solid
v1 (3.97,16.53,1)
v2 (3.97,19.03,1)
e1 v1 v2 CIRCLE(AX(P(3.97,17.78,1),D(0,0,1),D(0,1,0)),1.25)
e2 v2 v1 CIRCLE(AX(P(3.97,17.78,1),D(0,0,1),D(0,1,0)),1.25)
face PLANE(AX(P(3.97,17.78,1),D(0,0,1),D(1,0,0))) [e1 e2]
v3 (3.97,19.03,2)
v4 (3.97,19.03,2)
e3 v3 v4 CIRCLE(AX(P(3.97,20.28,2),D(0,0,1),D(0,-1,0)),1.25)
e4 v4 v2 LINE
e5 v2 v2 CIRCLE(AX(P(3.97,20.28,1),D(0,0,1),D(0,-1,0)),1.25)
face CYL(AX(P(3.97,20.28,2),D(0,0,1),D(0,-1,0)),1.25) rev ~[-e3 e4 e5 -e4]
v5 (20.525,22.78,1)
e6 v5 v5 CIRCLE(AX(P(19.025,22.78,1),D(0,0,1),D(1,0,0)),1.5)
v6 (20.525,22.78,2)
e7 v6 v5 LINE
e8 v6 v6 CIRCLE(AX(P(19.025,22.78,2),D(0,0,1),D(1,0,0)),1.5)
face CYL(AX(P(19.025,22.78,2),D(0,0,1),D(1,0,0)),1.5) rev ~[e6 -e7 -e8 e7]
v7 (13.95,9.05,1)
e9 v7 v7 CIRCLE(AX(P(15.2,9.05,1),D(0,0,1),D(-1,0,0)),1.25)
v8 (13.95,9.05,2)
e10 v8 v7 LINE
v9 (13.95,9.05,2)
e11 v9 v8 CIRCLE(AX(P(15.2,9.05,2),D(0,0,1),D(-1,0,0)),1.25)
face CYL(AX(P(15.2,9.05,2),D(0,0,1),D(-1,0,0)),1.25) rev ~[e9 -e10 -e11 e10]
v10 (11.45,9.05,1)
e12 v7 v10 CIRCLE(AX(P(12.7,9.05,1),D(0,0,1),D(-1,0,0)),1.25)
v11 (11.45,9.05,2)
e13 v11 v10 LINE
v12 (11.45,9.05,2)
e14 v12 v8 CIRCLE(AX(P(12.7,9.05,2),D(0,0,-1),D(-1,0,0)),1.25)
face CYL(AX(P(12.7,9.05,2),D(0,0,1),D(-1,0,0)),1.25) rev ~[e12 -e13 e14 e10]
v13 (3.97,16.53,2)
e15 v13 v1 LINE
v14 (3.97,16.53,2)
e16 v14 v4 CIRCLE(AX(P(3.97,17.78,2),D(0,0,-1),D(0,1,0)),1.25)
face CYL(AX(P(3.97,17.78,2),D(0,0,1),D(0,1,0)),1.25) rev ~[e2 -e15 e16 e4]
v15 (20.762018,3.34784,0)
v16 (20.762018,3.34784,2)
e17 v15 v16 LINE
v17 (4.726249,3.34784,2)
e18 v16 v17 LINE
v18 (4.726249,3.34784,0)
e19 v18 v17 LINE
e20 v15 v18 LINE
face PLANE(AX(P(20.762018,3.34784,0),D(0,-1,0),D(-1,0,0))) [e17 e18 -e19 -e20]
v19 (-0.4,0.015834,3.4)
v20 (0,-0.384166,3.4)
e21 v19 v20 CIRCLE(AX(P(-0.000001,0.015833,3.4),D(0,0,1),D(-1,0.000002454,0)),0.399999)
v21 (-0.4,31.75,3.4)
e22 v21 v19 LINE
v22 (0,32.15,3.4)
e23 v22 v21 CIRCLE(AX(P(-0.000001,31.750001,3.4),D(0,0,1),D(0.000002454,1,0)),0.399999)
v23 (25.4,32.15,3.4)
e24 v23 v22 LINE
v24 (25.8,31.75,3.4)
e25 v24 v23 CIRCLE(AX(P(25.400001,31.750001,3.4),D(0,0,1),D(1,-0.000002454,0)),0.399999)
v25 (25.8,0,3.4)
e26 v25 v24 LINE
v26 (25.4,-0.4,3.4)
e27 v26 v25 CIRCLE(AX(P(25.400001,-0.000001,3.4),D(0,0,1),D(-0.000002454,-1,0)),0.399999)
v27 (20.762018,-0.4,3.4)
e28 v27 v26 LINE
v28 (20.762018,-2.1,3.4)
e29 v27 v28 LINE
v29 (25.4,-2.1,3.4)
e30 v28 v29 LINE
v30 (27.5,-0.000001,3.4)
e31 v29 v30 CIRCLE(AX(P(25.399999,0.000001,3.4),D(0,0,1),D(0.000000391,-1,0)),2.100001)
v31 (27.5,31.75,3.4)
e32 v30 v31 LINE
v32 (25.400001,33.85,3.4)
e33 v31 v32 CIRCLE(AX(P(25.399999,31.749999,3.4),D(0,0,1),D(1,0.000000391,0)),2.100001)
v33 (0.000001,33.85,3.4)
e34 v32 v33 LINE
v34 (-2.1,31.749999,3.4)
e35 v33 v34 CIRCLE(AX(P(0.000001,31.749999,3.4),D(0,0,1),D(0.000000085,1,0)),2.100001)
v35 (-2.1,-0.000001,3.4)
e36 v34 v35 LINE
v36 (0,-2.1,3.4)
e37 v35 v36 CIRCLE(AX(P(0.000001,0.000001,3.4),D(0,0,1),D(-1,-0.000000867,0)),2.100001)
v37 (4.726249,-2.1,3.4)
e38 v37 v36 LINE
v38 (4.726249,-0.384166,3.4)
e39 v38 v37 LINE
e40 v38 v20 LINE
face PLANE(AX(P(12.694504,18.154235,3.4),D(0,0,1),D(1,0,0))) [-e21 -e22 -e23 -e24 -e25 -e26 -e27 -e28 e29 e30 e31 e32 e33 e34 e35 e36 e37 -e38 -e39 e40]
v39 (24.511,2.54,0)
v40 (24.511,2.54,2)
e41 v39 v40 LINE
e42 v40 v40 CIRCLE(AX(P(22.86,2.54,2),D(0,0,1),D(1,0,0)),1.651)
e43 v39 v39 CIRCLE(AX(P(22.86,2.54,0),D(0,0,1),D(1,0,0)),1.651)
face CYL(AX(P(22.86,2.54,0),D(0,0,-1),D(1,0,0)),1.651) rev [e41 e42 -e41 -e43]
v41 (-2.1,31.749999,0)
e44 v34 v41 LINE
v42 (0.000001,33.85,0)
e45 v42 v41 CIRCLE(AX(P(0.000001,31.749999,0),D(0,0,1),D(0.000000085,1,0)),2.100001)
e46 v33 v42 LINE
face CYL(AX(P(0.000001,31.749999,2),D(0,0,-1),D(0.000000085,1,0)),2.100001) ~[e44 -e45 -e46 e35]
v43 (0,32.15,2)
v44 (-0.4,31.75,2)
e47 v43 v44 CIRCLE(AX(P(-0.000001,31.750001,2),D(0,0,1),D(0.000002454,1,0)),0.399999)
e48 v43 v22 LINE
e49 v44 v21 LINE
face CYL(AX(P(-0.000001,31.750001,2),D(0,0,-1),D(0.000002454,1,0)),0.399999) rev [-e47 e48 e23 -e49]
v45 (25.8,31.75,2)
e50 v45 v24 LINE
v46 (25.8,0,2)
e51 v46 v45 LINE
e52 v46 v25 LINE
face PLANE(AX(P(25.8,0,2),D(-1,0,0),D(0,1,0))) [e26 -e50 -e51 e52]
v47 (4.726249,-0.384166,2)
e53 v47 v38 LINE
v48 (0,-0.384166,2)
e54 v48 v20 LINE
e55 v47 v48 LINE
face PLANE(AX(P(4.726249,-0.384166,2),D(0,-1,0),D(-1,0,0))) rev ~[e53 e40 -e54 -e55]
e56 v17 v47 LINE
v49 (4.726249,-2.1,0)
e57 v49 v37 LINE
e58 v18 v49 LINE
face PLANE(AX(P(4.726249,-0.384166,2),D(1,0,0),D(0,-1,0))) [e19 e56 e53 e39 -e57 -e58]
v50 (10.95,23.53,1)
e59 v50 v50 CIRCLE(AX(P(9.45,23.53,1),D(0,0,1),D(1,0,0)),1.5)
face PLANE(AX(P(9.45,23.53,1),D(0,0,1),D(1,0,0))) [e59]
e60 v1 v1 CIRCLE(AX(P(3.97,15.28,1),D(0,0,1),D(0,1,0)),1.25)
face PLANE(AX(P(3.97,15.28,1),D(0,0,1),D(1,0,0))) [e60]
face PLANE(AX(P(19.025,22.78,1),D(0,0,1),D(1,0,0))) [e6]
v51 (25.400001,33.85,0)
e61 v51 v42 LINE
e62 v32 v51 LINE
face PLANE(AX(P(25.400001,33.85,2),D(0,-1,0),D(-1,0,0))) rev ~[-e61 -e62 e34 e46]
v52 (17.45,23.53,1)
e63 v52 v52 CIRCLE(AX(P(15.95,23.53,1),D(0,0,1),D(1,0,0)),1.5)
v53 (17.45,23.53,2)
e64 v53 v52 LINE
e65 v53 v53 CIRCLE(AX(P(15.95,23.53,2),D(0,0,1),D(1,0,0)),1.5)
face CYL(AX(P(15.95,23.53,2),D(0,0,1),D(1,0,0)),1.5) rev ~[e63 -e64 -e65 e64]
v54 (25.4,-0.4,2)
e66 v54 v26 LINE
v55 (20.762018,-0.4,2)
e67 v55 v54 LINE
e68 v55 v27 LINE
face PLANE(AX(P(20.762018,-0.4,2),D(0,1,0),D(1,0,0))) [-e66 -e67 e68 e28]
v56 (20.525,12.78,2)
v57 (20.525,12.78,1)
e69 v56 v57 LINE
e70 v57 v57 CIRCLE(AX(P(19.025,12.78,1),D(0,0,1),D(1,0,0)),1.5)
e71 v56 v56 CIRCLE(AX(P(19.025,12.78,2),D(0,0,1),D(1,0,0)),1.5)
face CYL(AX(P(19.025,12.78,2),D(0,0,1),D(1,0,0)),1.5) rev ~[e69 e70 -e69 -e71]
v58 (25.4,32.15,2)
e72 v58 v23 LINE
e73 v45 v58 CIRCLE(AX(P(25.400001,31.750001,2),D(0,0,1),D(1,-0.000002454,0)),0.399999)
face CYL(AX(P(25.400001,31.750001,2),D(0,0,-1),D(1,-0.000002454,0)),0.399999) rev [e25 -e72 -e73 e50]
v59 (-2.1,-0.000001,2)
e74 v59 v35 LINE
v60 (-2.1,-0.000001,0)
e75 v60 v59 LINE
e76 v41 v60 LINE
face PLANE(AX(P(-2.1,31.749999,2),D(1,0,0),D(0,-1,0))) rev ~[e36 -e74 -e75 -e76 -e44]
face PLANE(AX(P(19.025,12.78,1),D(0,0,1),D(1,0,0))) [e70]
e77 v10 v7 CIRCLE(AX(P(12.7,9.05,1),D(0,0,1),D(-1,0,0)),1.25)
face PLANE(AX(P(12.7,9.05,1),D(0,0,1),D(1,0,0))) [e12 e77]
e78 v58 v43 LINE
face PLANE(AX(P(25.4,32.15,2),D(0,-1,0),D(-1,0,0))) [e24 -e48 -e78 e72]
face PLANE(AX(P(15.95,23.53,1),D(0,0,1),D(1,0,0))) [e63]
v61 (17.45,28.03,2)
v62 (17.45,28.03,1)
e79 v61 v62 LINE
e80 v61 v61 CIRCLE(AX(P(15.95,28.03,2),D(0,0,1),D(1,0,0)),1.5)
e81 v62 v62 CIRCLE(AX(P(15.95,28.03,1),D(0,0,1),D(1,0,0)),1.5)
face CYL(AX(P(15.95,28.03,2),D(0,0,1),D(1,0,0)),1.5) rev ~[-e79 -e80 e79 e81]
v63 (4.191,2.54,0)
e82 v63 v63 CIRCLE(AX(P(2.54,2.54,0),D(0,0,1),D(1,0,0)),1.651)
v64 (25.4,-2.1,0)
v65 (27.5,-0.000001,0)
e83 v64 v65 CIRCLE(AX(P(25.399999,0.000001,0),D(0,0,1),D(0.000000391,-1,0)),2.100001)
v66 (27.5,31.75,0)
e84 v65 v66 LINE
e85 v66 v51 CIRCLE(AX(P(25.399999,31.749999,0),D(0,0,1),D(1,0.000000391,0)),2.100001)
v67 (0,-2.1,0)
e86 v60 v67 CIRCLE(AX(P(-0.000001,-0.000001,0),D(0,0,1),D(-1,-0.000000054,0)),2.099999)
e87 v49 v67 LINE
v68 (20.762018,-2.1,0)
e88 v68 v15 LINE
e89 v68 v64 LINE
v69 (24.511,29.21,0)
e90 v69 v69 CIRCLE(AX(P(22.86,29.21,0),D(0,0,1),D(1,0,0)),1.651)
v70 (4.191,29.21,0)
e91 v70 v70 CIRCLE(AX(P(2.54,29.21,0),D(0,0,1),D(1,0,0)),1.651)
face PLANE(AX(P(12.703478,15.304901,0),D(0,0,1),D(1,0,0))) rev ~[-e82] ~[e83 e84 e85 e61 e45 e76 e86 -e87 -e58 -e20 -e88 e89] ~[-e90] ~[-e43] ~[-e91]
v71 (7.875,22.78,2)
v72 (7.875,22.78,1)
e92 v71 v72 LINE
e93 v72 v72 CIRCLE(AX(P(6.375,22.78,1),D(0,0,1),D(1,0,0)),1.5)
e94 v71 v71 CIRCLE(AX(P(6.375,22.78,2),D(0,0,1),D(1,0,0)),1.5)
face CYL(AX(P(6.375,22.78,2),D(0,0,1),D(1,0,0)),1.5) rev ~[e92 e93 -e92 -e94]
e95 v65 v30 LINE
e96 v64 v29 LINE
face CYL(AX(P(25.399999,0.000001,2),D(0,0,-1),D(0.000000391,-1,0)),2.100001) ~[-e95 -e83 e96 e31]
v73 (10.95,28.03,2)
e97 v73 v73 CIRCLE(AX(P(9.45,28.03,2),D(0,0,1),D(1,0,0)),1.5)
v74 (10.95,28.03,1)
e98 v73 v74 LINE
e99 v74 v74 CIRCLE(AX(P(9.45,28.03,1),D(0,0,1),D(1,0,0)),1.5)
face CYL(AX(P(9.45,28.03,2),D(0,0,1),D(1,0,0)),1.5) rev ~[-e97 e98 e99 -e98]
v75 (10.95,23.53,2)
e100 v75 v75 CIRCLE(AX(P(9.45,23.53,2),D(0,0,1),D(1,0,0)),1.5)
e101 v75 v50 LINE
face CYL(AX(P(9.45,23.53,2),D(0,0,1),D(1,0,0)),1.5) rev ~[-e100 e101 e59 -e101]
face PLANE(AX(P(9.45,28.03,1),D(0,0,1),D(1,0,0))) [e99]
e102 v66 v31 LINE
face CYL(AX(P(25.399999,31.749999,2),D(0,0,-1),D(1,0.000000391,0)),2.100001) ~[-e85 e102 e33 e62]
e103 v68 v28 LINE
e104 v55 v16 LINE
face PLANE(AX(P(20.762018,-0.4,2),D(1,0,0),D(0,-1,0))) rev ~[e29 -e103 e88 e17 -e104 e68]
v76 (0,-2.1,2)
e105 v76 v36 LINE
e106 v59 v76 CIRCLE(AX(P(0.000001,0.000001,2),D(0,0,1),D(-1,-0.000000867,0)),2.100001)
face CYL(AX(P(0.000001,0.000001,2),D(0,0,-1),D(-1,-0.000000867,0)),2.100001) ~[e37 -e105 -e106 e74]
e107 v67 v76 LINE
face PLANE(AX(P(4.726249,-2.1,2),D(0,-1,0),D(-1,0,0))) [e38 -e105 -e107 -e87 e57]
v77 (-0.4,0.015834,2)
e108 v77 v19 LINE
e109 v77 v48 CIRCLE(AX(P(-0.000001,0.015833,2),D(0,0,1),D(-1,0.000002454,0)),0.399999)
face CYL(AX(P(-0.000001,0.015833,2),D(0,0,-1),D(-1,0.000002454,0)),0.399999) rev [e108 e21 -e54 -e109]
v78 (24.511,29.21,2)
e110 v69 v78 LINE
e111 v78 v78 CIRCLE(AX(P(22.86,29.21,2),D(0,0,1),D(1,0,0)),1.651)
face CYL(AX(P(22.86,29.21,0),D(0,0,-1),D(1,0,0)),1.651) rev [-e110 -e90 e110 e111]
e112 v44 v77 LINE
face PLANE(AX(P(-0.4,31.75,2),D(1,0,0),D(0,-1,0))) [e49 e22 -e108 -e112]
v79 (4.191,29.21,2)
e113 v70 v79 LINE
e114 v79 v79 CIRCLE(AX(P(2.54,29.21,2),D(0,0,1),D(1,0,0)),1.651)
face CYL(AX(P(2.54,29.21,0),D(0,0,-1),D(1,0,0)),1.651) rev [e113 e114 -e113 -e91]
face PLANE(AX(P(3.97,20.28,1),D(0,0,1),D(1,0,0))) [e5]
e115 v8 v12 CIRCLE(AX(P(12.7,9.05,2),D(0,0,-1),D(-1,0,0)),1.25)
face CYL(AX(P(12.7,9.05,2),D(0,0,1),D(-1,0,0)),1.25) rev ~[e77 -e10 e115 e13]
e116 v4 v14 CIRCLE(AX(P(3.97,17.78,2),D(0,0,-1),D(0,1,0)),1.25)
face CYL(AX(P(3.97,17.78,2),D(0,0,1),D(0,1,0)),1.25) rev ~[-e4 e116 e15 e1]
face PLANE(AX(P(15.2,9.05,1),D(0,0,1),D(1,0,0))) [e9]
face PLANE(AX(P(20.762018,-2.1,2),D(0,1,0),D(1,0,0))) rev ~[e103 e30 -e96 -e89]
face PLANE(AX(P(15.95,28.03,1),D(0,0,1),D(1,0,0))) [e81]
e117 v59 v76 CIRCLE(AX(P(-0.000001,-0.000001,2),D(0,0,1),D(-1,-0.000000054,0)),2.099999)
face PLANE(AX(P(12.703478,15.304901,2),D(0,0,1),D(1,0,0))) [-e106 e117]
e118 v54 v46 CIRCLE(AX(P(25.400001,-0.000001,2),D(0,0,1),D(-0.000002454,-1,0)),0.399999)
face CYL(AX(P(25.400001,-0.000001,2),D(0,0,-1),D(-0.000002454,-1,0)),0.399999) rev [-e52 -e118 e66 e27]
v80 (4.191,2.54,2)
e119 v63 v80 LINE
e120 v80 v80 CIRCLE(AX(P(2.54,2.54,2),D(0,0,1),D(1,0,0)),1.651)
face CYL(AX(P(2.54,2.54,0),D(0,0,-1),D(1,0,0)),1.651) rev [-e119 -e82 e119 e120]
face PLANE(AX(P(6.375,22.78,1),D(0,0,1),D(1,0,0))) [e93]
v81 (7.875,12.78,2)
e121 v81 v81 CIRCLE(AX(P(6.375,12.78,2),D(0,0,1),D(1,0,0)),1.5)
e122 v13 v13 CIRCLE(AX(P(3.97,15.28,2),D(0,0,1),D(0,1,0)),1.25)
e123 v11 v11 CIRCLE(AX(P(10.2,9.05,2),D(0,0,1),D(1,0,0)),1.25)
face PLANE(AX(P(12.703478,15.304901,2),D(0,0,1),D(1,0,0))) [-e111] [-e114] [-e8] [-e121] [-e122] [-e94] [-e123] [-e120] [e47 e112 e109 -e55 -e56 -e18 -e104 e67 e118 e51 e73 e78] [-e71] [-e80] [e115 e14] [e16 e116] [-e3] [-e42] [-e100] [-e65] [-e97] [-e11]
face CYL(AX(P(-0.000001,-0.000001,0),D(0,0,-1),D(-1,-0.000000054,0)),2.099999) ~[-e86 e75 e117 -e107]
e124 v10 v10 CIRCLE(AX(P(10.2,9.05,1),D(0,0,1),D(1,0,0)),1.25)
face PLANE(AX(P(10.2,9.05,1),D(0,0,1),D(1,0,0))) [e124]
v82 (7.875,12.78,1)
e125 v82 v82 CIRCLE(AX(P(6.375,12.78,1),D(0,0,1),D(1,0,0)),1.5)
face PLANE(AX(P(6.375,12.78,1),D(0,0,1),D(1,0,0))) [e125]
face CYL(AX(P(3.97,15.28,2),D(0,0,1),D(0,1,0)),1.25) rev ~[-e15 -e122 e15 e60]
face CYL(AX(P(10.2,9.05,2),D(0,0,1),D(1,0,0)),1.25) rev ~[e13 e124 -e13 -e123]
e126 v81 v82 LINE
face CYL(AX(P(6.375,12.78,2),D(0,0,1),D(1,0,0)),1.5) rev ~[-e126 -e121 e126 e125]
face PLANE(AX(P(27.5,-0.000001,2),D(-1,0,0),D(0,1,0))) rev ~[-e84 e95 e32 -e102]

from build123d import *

# Parameters (mm, degrees)
SKETCH002_R   = 1.651
PAD_DEPTH     = 2
SKETCH004_R   = 1.5
SKETCH004_R_2 = 1.25
POCKET_DEPTH  = 1
PAD001_DEPTH  = 1.4


with BuildPart() as part:
    # Sketch002 → Pad (new body)
    with BuildSketch(Plane.XY):
        with BuildLine():
            Line((-2.1, 31.749999), (-2.1, -1e-06))
            ThreePointArc((-2.1, -1e-06), (-1.484924, -1.484925), (0, -2.1))
            Line((4.726249, -2.1), (0, -2.1))
            Line((4.726249, 3.34784), (4.726249, -2.1))
            Line((20.762018, 3.34784), (4.726249, 3.34784))
            Line((20.762018, -2.1), (20.762018, 3.34784))
            Line((20.762018, -2.1), (25.4, -2.1))
            ThreePointArc((25.4, -2.1), (26.884924, -1.484924), (27.5, -1e-06))
            Line((27.5, -1e-06), (27.5, 31.75))
            ThreePointArc((27.5, 31.75), (26.884924, 33.234924), (25.400001, 33.85))
            Line((25.400001, 33.85), (1e-06, 33.85))
            ThreePointArc((1e-06, 33.85), (-1.484924, 33.234924), (-2.1, 31.749999))
        make_face()
        with Locations((2.54, 29.21)):
            Circle(SKETCH002_R, mode=Mode.SUBTRACT)
        with Locations((22.86, 29.21)):
            Circle(SKETCH002_R, mode=Mode.SUBTRACT)
        with Locations((22.86, 2.54)):
            Circle(SKETCH002_R, mode=Mode.SUBTRACT)
        with Locations((2.54, 2.54)):
            Circle(SKETCH002_R, mode=Mode.SUBTRACT)
    extrude(amount=PAD_DEPTH)

    # Sketch004 (on Face18 of Pad) → Pocket (cut)
    with BuildSketch(Plane.XY.offset(2)):
        with Locations((9.45, 28.03)):
            Circle(SKETCH004_R)
        with Locations((15.95, 28.03)):
            Circle(SKETCH004_R)
        with Locations((19.025, 22.78)):
            Circle(SKETCH004_R)
        with Locations((15.95, 23.53)):
            Circle(SKETCH004_R)
        with Locations((9.45, 23.53)):
            Circle(SKETCH004_R)
        with Locations((6.375, 22.78)):
            Circle(SKETCH004_R)
        with Locations((3.97, 20.28)):
            Circle(SKETCH004_R_2)
        with Locations((3.97, 17.78)):
            Circle(SKETCH004_R_2)
        with Locations((3.97, 15.28)):
            Circle(SKETCH004_R_2)
        with Locations((6.375, 12.78)):
            Circle(SKETCH004_R)
        with Locations((10.2, 9.05)):
            Circle(SKETCH004_R_2)
        with Locations((12.7, 9.05)):
            Circle(SKETCH004_R_2)
        with Locations((15.2, 9.05)):
            Circle(SKETCH004_R_2)
        with Locations((19.025, 12.78)):
            Circle(SKETCH004_R)
    extrude(amount=-POCKET_DEPTH, mode=Mode.SUBTRACT)

    # Sketch005 (on Face9 of Pocket) → Pad001 (join)
    with BuildSketch(Plane.XY.offset(2)):
        with BuildLine():
            Line((-2.1, 31.749999), (-2.1, -1e-06))
            ThreePointArc((-2.1, -1e-06), (-1.484924, -1.484924), (0, -2.1))
            Line((4.726249, -2.1), (0, -2.1))
            Line((4.726249, -0.384166), (4.726249, -2.1))
            Line((4.726249, -0.384166), (0, -0.384166))
            ThreePointArc((-0.4, 0.015834), (-0.282843, -0.267009), (0, -0.384166))
            Line((-0.4, 31.75), (-0.4, 0.015834))
            ThreePointArc((0, 32.15), (-0.282843, 32.032843), (-0.4, 31.75))
            Line((25.4, 32.15), (0, 32.15))
            ThreePointArc((25.8, 31.75), (25.682843, 32.032843), (25.4, 32.15))
            Line((25.8, 0), (25.8, 31.75))
            ThreePointArc((25.4, -0.4), (25.682843, -0.282843), (25.8, 0))
            Line((20.762018, -0.4), (25.4, -0.4))
            Line((20.762018, -0.4), (20.762018, -2.1))
            Line((20.762018, -2.1), (25.4, -2.1))
            ThreePointArc((25.4, -2.1), (26.884924, -1.484924), (27.5, -1e-06))
            Line((27.5, -1e-06), (27.5, 31.75))
            ThreePointArc((27.5, 31.75), (26.884924, 33.234924), (25.400001, 33.85))
            Line((25.400001, 33.85), (1e-06, 33.85))
            ThreePointArc((1e-06, 33.85), (-1.484924, 33.234924), (-2.1, 31.749999))
        make_face()
    extrude(amount=PAD001_DEPTH)


solid = part.part
